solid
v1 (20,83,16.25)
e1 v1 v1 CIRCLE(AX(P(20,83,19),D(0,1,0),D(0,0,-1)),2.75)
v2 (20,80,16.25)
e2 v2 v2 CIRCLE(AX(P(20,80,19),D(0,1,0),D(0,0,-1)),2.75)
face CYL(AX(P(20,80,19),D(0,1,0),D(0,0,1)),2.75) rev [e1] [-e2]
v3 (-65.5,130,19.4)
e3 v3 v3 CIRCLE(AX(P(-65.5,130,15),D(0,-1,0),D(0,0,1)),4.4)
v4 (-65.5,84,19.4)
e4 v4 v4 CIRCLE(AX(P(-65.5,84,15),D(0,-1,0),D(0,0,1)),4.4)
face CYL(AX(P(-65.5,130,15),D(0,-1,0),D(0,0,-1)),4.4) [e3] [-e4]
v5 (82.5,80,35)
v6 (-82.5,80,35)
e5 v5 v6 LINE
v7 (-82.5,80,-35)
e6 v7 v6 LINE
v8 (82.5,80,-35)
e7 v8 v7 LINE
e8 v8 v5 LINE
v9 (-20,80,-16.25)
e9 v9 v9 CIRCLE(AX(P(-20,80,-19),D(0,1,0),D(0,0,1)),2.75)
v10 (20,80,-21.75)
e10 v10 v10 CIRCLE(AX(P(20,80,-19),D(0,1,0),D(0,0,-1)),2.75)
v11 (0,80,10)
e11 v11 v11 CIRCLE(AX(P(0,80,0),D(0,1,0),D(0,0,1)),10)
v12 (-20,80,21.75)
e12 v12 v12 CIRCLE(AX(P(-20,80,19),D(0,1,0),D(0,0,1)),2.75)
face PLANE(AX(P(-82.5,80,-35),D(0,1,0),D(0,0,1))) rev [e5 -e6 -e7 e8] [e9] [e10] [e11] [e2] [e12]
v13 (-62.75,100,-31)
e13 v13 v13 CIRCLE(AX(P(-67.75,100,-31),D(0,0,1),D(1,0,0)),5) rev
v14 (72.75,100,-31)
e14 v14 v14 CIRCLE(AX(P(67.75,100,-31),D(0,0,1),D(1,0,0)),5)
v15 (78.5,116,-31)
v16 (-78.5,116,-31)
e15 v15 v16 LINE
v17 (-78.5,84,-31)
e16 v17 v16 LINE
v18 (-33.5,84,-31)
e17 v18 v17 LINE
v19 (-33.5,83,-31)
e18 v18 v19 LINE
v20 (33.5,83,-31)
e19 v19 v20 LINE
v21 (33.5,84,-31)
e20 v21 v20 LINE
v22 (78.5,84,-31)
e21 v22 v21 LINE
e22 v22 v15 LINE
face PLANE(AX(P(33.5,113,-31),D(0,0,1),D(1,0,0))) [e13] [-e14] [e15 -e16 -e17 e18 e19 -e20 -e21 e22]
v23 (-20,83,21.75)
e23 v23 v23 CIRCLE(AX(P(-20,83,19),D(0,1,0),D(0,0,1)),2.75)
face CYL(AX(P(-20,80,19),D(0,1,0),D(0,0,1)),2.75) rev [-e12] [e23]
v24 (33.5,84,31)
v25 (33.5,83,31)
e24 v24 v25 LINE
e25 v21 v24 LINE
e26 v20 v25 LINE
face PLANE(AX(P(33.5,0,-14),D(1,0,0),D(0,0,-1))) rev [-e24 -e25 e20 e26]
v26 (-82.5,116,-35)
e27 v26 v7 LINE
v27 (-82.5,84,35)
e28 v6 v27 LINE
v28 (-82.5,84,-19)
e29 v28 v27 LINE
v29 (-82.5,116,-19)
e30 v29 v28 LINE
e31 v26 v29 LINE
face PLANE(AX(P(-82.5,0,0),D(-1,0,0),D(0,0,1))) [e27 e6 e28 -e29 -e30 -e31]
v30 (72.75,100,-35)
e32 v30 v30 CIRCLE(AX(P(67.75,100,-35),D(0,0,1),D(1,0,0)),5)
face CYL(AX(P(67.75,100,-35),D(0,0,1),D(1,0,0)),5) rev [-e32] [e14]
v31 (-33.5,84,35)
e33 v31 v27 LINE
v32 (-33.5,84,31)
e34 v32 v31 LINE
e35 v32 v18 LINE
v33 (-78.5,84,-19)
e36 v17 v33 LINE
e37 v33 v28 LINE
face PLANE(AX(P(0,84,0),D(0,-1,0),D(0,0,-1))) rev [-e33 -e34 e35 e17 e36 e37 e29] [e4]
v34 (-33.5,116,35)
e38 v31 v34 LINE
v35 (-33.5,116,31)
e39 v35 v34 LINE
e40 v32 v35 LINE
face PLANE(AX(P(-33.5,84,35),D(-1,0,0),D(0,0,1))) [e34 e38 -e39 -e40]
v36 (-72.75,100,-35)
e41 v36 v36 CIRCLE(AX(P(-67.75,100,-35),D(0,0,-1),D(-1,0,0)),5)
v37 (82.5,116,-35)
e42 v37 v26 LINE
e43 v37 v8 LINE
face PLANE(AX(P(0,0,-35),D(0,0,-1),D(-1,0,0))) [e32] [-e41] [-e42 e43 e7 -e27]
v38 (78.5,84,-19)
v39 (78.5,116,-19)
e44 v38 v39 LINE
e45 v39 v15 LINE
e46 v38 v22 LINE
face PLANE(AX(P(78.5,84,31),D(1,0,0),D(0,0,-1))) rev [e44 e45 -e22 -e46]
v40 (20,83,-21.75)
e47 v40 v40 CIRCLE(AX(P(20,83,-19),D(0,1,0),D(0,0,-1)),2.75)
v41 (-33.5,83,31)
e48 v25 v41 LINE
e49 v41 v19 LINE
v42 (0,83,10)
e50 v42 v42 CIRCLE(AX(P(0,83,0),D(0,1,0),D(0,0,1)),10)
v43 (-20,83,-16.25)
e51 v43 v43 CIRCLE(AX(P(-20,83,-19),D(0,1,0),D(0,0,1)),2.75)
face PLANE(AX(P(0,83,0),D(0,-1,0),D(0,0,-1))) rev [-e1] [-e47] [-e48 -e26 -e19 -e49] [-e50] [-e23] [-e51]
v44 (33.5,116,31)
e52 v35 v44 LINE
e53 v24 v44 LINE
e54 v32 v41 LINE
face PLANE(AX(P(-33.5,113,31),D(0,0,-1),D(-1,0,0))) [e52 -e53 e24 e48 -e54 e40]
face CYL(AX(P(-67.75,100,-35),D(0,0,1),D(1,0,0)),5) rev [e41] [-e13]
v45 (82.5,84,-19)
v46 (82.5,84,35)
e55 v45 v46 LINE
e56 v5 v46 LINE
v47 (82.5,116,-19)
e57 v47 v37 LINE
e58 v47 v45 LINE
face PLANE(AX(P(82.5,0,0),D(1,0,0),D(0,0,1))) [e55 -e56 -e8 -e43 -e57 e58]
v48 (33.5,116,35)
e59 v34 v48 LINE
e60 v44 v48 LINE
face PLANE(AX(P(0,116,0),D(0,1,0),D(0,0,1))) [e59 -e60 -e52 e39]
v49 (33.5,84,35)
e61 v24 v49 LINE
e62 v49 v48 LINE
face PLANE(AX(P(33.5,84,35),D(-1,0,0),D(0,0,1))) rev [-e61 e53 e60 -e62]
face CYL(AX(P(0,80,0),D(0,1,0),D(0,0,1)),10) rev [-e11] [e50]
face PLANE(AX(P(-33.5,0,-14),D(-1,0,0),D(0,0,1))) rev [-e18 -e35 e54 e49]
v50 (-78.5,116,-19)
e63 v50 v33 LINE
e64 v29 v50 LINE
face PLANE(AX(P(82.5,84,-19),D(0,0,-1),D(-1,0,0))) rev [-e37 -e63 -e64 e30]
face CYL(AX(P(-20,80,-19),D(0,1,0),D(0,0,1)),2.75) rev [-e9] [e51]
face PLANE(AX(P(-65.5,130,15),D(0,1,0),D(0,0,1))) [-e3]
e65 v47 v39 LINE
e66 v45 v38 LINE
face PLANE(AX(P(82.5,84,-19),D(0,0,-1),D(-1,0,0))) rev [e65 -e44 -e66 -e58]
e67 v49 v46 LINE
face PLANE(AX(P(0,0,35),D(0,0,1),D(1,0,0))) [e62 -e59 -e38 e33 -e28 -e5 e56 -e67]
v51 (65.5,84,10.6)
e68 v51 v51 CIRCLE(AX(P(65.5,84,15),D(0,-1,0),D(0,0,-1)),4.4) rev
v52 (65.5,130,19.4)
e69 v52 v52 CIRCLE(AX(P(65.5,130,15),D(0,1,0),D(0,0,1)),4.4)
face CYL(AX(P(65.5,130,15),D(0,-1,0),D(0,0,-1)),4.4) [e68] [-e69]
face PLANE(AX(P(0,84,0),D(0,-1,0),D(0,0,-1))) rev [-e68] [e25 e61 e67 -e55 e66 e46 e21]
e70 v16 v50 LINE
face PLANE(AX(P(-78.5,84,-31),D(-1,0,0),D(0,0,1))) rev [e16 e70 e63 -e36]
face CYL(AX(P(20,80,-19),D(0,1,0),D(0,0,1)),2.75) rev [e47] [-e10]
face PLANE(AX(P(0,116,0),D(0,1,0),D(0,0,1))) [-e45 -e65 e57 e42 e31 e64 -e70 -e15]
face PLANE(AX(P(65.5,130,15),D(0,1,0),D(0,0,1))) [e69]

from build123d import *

# Parameters (mm, degrees)
SKETCH1_W                 = 75
SKETCH1_H                 = 40
SKETCH1_R                 = 5
SKETCH1_R_2               = 1.7
SKETCH1_W_2               = 10
SKETCH1_H_2               = 20
BOSS_EXTRUDE1_DEPTH       = 3
CUT_EXTRUDE1_DEPTH        = 43.605750786
CUT_EXTRUDE1_DEPTH_BACK   = 43.605750786
SKETCH2_W                 = 67
SKETCH2_H                 = 28
BOSS_EXTRUDE3_DEPTH       = 110
BOSS_EXTRUDE3_DEPTH_BACK  = 3
SKETCH6_W                 = 67
SKETCH6_H                 = 11
CUT_EXTRUDE4_DEPTH        = 122.372360939
SKETCH7_W                 = 70
SKETCH7_H                 = 37
BOSS_EXTRUDE4_DEPTH       = 45
SKETCH8_W                 = 45
SKETCH8_H                 = 62
CUT_EXTRUDE6_DEPTH        = 29
SKETCH11_W                = 45
SKETCH11_H                = 4
CUT_EXTRUDE9_DEPTH        = 157.445677473
SKETCH9_W                 = 38
SKETCH9_H                 = 28.5
CUT_EXTRUDE10_DEPTH       = 204.024629048
SKETCH13_W                = 5
SKETCH13_H                = 38
BOSS_EXTRUDE5_DEPTH       = 32
SKETCH14_R                = 5
SKETCH14_R_2              = 1.7
CUT_EXTRUDE11_DEPTH       = 32
SKETCH15_W                = 165
SKETCH15_H                = 70
SKETCH15_W_2              = 157
SKETCH15_H_2              = 62
BOSS_EXTRUDE6_DEPTH       = 3
SKETCH16_W                = 20
SKETCH16_H                = 4.820648258
CUT_EXTRUDE12_DEPTH       = 159.626132778
SKETCH18_R                = 5
CUT_EXTRUDE14_DEPTH       = 159.626132778
MIRROR6_COPY_1_SKETCH_W   = 5
MIRROR6_COPY_1_SKETCH_H   = 38
MIRROR6_COPY_1_DEPTH      = 32
MIRROR6_COPY_2_SKETCH_R   = 5
MIRROR6_COPY_2_SKETCH_R_2 = 1.7
MIRROR6_COPY_2_DEPTH      = 32
SKETCH19_W                = 38
SKETCH19_H                = 3.5
CUT_EXTRUDE15_DEPTH       = 10
SKETCH20_R                = 1.2
CUT_EXTRUDE16_DEPTH       = 10
SKETCH21_W                = 10
SKETCH21_H                = 80
CUT_EXTRUDE17_DEPTH       = 184.330984833
SKETCH22_W                = 55
SKETCH22_H                = 80
CUT_EXTRUDE18_DEPTH       = 184.330984833
SKETCH23_W                = 67
SKETCH23_H                = 62
BOSS_EXTRUDE7_DEPTH       = 3
SKETCH24_R                = 10
SKETCH24_R_2              = 2.75
CUT_EXTRUDE19_DEPTH       = 111.707949127
SKETCH25_W                = 38
SKETCH25_H                = 64
CUT_EXTRUDE20_DEPTH       = 115
SKETCH26_W                = 49
SKETCH26_H                = 35
CUT_EXTRUDE21_DEPTH       = 32
SKETCH27_R                = 4.4
BOSS_EXTRUDE8_DEPTH       = 46


with BuildPart() as part:
    # Sketch1 → Boss-Extrude1 (new body)
    with BuildSketch(Plane(origin=(0, 0, 0), x_dir=(1, 0, 0), z_dir=(0, 1, 0))):
        Rectangle(SKETCH1_W, SKETCH1_H)
        with Locations(Location((-21, 0, 0), (0, 0, 270))):
            Circle(SKETCH1_R, mode=Mode.SUBTRACT)
        with Locations(Location((-30, 8.25, 0), (0, 0, 270))):
            Circle(SKETCH1_R_2, mode=Mode.SUBTRACT)
        with Locations(Location((-12, 8.25, 0), (0, 0, 270))):
            Circle(SKETCH1_R_2, mode=Mode.SUBTRACT)
        with Locations(Location((-12, -8.25, 0), (0, 0, 270))):
            Circle(SKETCH1_R_2, mode=Mode.SUBTRACT)
        with Locations(Location((-30, -8.25, 0), (0, 0, 270))):
            Circle(SKETCH1_R_2, mode=Mode.SUBTRACT)
        with Locations(Location((12, 8.25, 0), (0, 0, 90))):
            Circle(SKETCH1_R_2, mode=Mode.SUBTRACT)
        with Locations(Location((12, -8.25, 0), (0, 0, 90))):
            Circle(SKETCH1_R_2, mode=Mode.SUBTRACT)
        with Locations(Location((21, 0, 0), (0, 0, 90))):
            Circle(SKETCH1_R, mode=Mode.SUBTRACT)
        with Locations(Location((30, -8.25, 0), (0, 0, 90))):
            Circle(SKETCH1_R_2, mode=Mode.SUBTRACT)
        with Locations(Location((30, 8.25, 0), (0, 0, 90))):
            Circle(SKETCH1_R_2, mode=Mode.SUBTRACT)
        Rectangle(SKETCH1_W_2, SKETCH1_H_2, mode=Mode.SUBTRACT)
    extrude(amount=BOSS_EXTRUDE1_DEPTH)

    # Sketch2 → Cut-Extrude1 (cut, two sides: drawn at the far end of the back side and taken through both)
    with BuildSketch(Plane(origin=(0, 3, 0), x_dir=(1, 0, 0), z_dir=(0, 1, 0)).offset(-CUT_EXTRUDE1_DEPTH_BACK)):
        Rectangle(SKETCH2_W, SKETCH2_H)
    extrude(amount=CUT_EXTRUDE1_DEPTH + CUT_EXTRUDE1_DEPTH_BACK, mode=Mode.SUBTRACT)

    # Sketch3 → Boss-Extrude3 (add, two sides: drawn at the far end of the back side and taken through both)
    with BuildSketch(Plane(origin=(0, 3, 0), x_dir=(1, 0, 0), z_dir=(0, 1, 0)).offset(-BOSS_EXTRUDE3_DEPTH_BACK)):
        Polygon((37.5, -35), (37.5, -20), (33.5, -20), (-33.5, -20), (-37.5, -20), (-37.5, -35), align=None)
        Polygon((33.5, 20), (37.5, 20), (37.5, 35), (-37.5, 35), (-37.5, 20), (-33.5, 20), align=None)
        Polygon((37.5, -20), (37.5, 20), (33.5, 20), (33.5, 14), (33.5, -14), (33.5, -20), align=None)
        Polygon((-33.5, 14), (-33.5, 20), (-37.5, 20), (-37.5, -20), (-33.5, -20), (-33.5, -14), align=None)
    extrude(amount=BOSS_EXTRUDE3_DEPTH + BOSS_EXTRUDE3_DEPTH_BACK)

    # Sketch6 → Cut-Extrude4 (cut, through all)
    with BuildSketch(Plane(origin=(0, 3, 0), x_dir=(1, 0, 0), z_dir=(0, 1, 0))):
        with Locations((0, -25.5)):
            Rectangle(SKETCH6_W, SKETCH6_H)
        with Locations((0, 25.5)):
            Rectangle(SKETCH6_W, SKETCH6_H)
    extrude(amount=CUT_EXTRUDE4_DEPTH, mode=Mode.SUBTRACT)

    # Sketch7 → Boss-Extrude4 (add)
    with BuildSketch(Plane.ZY.offset(37.5)):
        with Locations((0, 94.5)):
            Rectangle(SKETCH7_W, SKETCH7_H)
    boss_extrude4 = extrude(amount=BOSS_EXTRUDE4_DEPTH)

    # Mirror2: Boss-Extrude4 across plane
    add(boss_extrude4.mirror(Plane(origin=(0, 0, 0), x_dir=(0, 0, 1), z_dir=(1, 0, 0))))

    # Sketch8 → Cut-Extrude6 (cut)
    with BuildSketch(Plane(origin=(0, 113, 0), x_dir=(1, 0, 0), z_dir=(0, 1, 0))):
        with Locations((-56, 0)):
            Rectangle(SKETCH8_W, SKETCH8_H)
        with Locations((56, 0)):
            Rectangle(SKETCH8_W, SKETCH8_H)
    extrude(amount=-CUT_EXTRUDE6_DEPTH, mode=Mode.SUBTRACT)

    # Sketch11 → Cut-Extrude9 (cut, through all)
    with BuildSketch(Plane.XY.offset(35)):
        with Locations((-60, 78)):
            Rectangle(SKETCH11_W, SKETCH11_H)
        with Locations((60, 78)):
            Rectangle(SKETCH11_W, SKETCH11_H)
    extrude(amount=-CUT_EXTRUDE9_DEPTH, mode=Mode.SUBTRACT)

    # Sketch9 → Cut-Extrude10 (cut, through all)
    with BuildSketch(Plane.ZY.offset(82.5)):
        with Locations((0, 98.25)):
            Rectangle(SKETCH9_W, SKETCH9_H)
    extrude(amount=-CUT_EXTRUDE10_DEPTH, mode=Mode.SUBTRACT)

    # Sketch13 → Boss-Extrude5 (add)
    with BuildSketch(Plane(origin=(0, 84, 0), x_dir=(1, 0, 0), z_dir=(0, 1, 0))):
        with Locations((-54.5, 0)):
            Rectangle(SKETCH13_W, SKETCH13_H)
    boss_extrude5 = extrude(amount=BOSS_EXTRUDE5_DEPTH)

    # Sketch14 → Cut-Extrude11 (cut)
    with BuildSketch(Plane.ZY.offset(57)):
        with Locations((0, 98.25)):
            Circle(SKETCH14_R)
        with Locations((-9, 106.5)):
            Circle(SKETCH14_R_2)
        with Locations((9, 106.5)):
            Circle(SKETCH14_R_2)
        with Locations((9, 90)):
            Circle(SKETCH14_R_2)
        with Locations((-9, 90)):
            Circle(SKETCH14_R_2)
    cut_extrude11 = extrude(amount=-CUT_EXTRUDE11_DEPTH, mode=Mode.SUBTRACT)

    # Mirror4: Boss-Extrude5, Cut-Extrude11 across plane
    add(boss_extrude5.mirror(Plane(origin=(0, 0, 0), x_dir=(0, 0, 1), z_dir=(1, 0, 0))))
    add(cut_extrude11.mirror(Plane(origin=(0, 0, 0), x_dir=(0, 0, 1), z_dir=(1, 0, 0))), mode=Mode.SUBTRACT)

    # Sketch15 → Boss-Extrude6 (add)
    with BuildSketch(Plane(origin=(0, 113, 0), x_dir=(1, 0, 0), z_dir=(0, 1, 0))):
        Rectangle(SKETCH15_W, SKETCH15_H)
        Rectangle(SKETCH15_W_2, SKETCH15_H_2, mode=Mode.SUBTRACT)
    extrude(amount=BOSS_EXTRUDE6_DEPTH)

    # Sketch16 → Cut-Extrude12 (cut, through all)
    with BuildSketch(Plane.XY.offset(35)):
        with Locations((0, 11.636111214)):
            Rectangle(SKETCH16_W, SKETCH16_H)
    extrude(amount=-CUT_EXTRUDE12_DEPTH, mode=Mode.SUBTRACT)

    # Sketch18 → Cut-Extrude14 (cut, through all)
    with BuildSketch(Plane.XY.offset(35)):
        with Locations((67.75, 100)):
            Circle(SKETCH18_R)
    cut_extrude14 = extrude(amount=-CUT_EXTRUDE14_DEPTH, mode=Mode.SUBTRACT)

    # Mirror5: Cut-Extrude14 across plane
    add(cut_extrude14.mirror(Plane(origin=(0, 0, 0), x_dir=(0, 0, 1), z_dir=(1, 0, 0))), mode=Mode.SUBTRACT)

    # Mirror6: Boss-Extrude5, Cut-Extrude11 across plane
    add(boss_extrude5.mirror(Plane.ZX.offset(116)))
    add(cut_extrude11.mirror(Plane.ZX.offset(116)), mode=Mode.SUBTRACT)

    # Mirror6 copy 1 sketch → Mirror6 copy 1 (add)
    with BuildSketch(Plane(origin=(0, 148, 0), x_dir=(-1, 0, 0), z_dir=(0, -1, 0))):
        with Locations((-54.5, 0)):
            Rectangle(MIRROR6_COPY_1_SKETCH_W, MIRROR6_COPY_1_SKETCH_H)
    extrude(amount=MIRROR6_COPY_1_DEPTH)

    # Mirror6 copy 2 sketch → Mirror6 copy 2 (cut)
    with BuildSketch(Plane(origin=(57, 232, 0), x_dir=(0, 0, 1), z_dir=(1, 0, 0))):
        with Locations((0, 98.25)):
            Circle(MIRROR6_COPY_2_SKETCH_R)
        with Locations((-9, 106.5)):
            Circle(MIRROR6_COPY_2_SKETCH_R_2)
        with Locations((9, 106.5)):
            Circle(MIRROR6_COPY_2_SKETCH_R_2)
        with Locations((9, 90)):
            Circle(MIRROR6_COPY_2_SKETCH_R_2)
        with Locations((-9, 90)):
            Circle(MIRROR6_COPY_2_SKETCH_R_2)
    extrude(amount=-MIRROR6_COPY_2_DEPTH, mode=Mode.SUBTRACT)

    # Sketch19 → Cut-Extrude15 (cut)
    with BuildSketch(Plane(origin=(82.5, 0, 0), x_dir=(0, 0, -1), z_dir=(1, 0, 0))):
        with Locations((0, 114.25)):
            Rectangle(SKETCH19_W, SKETCH19_H)
    cut_extrude15 = extrude(amount=-CUT_EXTRUDE15_DEPTH, mode=Mode.SUBTRACT)

    # Mirror7: Cut-Extrude15 across plane
    add(cut_extrude15.mirror(Plane(origin=(0, 0, 0), x_dir=(0, 0, 1), z_dir=(1, 0, 0))), mode=Mode.SUBTRACT)

    # Sketch20 → Cut-Extrude16 (cut)
    with BuildSketch(Plane(origin=(0, 3, 0), x_dir=(1, 0, 0), z_dir=(0, 1, 0))):
        with Locations(Location((-24, 17.5, 0), (0, 0, 270))):
            Circle(SKETCH20_R)
        with Locations(Location((-12, 17.5, 0), (0, 0, 270))):
            Circle(SKETCH20_R)
        with Locations(Location((12, 17.5, 0), (0, 0, 270))):
            Circle(SKETCH20_R)
        with Locations(Location((-24, -17.5, 0), (0, 0, 270))):
            Circle(SKETCH20_R)
        with Locations(Location((-12, -17.5, 0), (0, 0, 270))):
            Circle(SKETCH20_R)
        with Locations(Location((24, 17.5, 0), (0, 0, 270))):
            Circle(SKETCH20_R)
        with Locations(Location((12, -17.5, 0), (0, 0, 270))):
            Circle(SKETCH20_R)
        with Locations(Location((24, -17.5, 0), (0, 0, 270))):
            Circle(SKETCH20_R)
    extrude(amount=-CUT_EXTRUDE16_DEPTH, mode=Mode.SUBTRACT)

    # Sketch21 → Cut-Extrude17 (cut, through all)
    with BuildSketch(Plane.XY.offset(35)):
        with Locations((32.5, 40)):
            Rectangle(SKETCH21_W, SKETCH21_H)
        with Locations((-32.5, 40)):
            Rectangle(SKETCH21_W, SKETCH21_H)
    extrude(amount=-CUT_EXTRUDE17_DEPTH, mode=Mode.SUBTRACT)

    # Sketch22 → Cut-Extrude18 (cut, through all)
    with BuildSketch(Plane.XY.offset(35)):
        with Locations((0, 40)):
            Rectangle(SKETCH22_W, SKETCH22_H)
    extrude(amount=-CUT_EXTRUDE18_DEPTH, mode=Mode.SUBTRACT)

    # Sketch23 → Boss-Extrude7 (add)
    with BuildSketch(Plane.XZ.offset(-80)):
        Rectangle(SKETCH23_W, SKETCH23_H)
    extrude(amount=-BOSS_EXTRUDE7_DEPTH)

    # Sketch24 → Cut-Extrude19 (cut, through all)
    with BuildSketch(Plane(origin=(0, 83, 0), x_dir=(1, 0, 0), z_dir=(0, 1, 0))):
        with Locations(Location((0, 0, 0), (0, 0, 270))):
            Circle(SKETCH24_R)
        with Locations(Location((-20, 19, 0), (0, 0, 270))):
            Circle(SKETCH24_R_2)
        with Locations(Location((-20, -19, 0), (0, 0, 270))):
            Circle(SKETCH24_R_2)
        with Locations(Location((20, -19, 0), (0, 0, 90))):
            Circle(SKETCH24_R_2)
        with Locations(Location((20, 19, 0), (0, 0, 90))):
            Circle(SKETCH24_R_2)
    extrude(amount=-CUT_EXTRUDE19_DEPTH, mode=Mode.SUBTRACT)

    # Sketch25 → Cut-Extrude20 (cut)
    with BuildSketch(Plane(origin=(57, 0, 0), x_dir=(0, 0, -1), z_dir=(1, 0, 0))):
        with Locations((0, 116)):
            Rectangle(SKETCH25_W, SKETCH25_H)
    extrude(amount=-CUT_EXTRUDE20_DEPTH, mode=Mode.SUBTRACT)

    # Sketch26 → Cut-Extrude21 (cut)
    with BuildSketch(Plane(origin=(0, 116, 0), x_dir=(1, 0, 0), z_dir=(0, 1, 0))):
        with Locations((58, -17.5)):
            Rectangle(SKETCH26_W, SKETCH26_H)
    cut_extrude21 = extrude(amount=-CUT_EXTRUDE21_DEPTH, mode=Mode.SUBTRACT)

    # Mirror8: Cut-Extrude21 across plane
    add(cut_extrude21.mirror(Plane(origin=(0, 0, 0), x_dir=(0, 0, 1), z_dir=(1, 0, 0))), mode=Mode.SUBTRACT)

    # Sketch27 → Boss-Extrude8 (add)
    with BuildSketch(Plane(origin=(0, 84, 0), x_dir=(1, 0, 0), z_dir=(0, 1, 0))):
        with Locations(Location((65.5, -15, 0), (0, 0, 90))):
            Circle(SKETCH27_R)
    boss_extrude8 = extrude(amount=BOSS_EXTRUDE8_DEPTH)

    # Mirror9: Boss-Extrude8 across plane
    add(boss_extrude8.mirror(Plane(origin=(0, 0, 0), x_dir=(0, 0, 1), z_dir=(1, 0, 0))))


solid = part.part
